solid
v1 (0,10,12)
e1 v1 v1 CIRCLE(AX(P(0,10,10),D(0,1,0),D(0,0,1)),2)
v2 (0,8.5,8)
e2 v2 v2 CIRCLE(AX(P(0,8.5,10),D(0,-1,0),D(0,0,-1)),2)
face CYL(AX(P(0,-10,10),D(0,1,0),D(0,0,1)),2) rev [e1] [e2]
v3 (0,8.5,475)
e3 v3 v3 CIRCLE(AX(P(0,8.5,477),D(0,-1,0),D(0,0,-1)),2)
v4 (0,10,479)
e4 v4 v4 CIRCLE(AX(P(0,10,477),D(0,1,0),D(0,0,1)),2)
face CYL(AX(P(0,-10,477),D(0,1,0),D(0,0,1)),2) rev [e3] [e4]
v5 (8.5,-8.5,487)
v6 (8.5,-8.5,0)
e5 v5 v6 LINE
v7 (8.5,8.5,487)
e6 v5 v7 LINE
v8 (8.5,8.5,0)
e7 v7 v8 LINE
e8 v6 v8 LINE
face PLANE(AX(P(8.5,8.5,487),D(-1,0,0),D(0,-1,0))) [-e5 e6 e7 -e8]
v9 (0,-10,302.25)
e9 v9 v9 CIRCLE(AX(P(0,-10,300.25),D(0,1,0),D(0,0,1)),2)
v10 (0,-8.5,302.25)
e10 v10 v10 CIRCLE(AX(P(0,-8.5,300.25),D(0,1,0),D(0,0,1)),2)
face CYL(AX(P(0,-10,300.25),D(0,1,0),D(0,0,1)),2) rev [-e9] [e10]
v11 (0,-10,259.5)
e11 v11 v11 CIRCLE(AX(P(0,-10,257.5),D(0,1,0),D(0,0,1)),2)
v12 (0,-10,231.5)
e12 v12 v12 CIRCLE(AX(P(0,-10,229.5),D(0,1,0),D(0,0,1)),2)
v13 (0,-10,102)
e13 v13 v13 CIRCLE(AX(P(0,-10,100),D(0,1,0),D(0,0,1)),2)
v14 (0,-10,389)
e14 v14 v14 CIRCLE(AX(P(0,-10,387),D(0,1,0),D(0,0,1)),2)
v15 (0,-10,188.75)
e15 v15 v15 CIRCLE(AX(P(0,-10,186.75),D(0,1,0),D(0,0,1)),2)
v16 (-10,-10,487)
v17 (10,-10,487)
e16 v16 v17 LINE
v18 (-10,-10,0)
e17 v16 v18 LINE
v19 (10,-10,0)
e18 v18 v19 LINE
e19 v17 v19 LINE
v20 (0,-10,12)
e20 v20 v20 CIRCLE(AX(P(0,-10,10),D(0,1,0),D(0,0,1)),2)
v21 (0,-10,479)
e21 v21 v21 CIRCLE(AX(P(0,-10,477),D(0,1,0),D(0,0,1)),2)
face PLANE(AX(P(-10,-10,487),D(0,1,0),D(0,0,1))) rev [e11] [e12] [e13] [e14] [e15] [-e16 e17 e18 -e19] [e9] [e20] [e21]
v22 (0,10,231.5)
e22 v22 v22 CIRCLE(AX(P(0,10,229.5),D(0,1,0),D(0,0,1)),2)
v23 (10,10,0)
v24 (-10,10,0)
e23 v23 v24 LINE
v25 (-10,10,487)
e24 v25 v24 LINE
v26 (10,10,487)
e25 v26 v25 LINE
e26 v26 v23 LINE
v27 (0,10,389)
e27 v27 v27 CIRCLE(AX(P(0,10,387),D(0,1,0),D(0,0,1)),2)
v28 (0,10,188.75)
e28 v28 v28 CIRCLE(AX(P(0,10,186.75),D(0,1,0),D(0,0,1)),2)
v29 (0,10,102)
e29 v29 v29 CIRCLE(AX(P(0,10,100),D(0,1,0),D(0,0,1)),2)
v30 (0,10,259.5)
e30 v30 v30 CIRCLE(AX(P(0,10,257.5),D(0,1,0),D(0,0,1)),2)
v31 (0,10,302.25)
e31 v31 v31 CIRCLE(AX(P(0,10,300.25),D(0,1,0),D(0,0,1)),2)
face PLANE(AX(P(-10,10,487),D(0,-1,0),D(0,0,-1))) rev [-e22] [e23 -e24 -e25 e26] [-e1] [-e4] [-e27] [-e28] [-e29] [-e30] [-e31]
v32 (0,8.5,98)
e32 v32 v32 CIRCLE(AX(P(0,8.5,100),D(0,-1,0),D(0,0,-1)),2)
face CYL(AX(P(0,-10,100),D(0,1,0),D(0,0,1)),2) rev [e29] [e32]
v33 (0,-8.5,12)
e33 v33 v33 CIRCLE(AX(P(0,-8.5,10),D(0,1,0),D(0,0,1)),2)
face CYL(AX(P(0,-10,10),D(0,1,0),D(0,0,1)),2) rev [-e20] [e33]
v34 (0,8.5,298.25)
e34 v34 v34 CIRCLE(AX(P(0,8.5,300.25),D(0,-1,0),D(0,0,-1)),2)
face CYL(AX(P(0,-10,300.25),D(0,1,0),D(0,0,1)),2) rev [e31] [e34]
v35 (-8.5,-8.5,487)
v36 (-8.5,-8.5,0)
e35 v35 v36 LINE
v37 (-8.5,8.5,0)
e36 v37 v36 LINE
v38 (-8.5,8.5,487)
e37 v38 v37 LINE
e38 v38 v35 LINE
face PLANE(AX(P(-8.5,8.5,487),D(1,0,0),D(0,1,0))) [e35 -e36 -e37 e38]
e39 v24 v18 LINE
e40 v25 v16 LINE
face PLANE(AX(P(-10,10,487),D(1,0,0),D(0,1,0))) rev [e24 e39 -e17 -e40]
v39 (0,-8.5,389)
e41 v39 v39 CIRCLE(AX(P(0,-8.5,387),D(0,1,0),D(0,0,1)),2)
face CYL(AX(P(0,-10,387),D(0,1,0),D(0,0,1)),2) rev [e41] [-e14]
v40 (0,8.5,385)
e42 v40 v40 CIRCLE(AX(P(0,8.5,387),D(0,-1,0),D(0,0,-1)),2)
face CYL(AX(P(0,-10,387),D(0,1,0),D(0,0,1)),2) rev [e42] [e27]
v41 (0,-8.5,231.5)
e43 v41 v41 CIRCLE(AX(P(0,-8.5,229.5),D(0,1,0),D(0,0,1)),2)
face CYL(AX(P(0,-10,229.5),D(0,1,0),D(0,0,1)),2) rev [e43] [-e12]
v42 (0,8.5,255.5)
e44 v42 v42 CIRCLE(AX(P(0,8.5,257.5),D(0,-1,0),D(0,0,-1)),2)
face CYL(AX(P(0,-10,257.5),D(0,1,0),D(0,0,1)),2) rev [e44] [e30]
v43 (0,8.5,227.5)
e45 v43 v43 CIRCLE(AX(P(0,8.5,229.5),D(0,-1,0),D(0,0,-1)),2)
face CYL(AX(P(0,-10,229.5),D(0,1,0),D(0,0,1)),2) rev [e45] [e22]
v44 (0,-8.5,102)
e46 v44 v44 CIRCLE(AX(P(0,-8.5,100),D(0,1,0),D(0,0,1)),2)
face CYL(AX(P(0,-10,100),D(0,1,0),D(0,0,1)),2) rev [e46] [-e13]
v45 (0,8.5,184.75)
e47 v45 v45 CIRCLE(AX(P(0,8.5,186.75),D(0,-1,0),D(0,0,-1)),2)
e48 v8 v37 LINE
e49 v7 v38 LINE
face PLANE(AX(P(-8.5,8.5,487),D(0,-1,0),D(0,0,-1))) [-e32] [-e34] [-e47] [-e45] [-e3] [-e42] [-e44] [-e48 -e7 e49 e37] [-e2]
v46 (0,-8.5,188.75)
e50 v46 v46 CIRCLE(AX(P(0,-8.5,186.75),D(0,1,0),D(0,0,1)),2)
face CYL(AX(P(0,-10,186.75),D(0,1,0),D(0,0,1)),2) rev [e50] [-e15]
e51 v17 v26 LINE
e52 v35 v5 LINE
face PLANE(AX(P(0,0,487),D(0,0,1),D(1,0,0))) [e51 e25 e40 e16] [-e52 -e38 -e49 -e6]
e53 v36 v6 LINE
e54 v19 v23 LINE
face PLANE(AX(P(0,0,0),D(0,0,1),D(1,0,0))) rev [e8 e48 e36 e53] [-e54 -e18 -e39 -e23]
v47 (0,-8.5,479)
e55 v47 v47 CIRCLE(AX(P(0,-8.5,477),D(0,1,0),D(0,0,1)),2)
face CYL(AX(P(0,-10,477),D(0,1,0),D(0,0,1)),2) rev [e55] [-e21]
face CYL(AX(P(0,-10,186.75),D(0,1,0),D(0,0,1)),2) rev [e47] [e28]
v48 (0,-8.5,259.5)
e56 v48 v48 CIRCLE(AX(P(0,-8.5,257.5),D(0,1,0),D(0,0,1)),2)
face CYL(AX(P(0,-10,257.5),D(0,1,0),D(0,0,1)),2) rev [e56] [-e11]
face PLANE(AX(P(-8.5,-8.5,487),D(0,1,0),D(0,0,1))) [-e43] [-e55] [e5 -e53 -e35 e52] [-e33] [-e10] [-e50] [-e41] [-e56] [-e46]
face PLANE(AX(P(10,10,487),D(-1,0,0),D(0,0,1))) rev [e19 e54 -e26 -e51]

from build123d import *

# Parameters (mm, degrees)
SKETCH_1_W          = 20
SKETCH_1_H          = 20
SKETCH_1_W_2        = 17
SKETCH_1_H_2        = 17
EXTRUDE_1_DEPTH     = 487
SKETCH_3_R          = 2
CUT_EXTRUDE_2_DEPTH = 20
SKETCH_4_R          = 2
CUT_EXTRUDE_3_DEPTH = 20


with BuildPart() as part:
    # 草图1 → 凸台-拉伸1 (new body)
    with BuildSketch(Plane.XY):
        Rectangle(SKETCH_1_W, SKETCH_1_H)
        Rectangle(SKETCH_1_W_2, SKETCH_1_H_2, mode=Mode.SUBTRACT)
    extrude(amount=EXTRUDE_1_DEPTH)

    # 草图3 → 切除-拉伸2 (cut)
    with BuildSketch(Plane(origin=(0, 10, 0), x_dir=(1, 0, 0), z_dir=(0, 1, 0))):
        with Locations(Location((0, -10, 0), (0, 0, 270))):
            Circle(SKETCH_3_R)
        with Locations(Location((0, -477, 0), (0, 0, 270))):
            Circle(SKETCH_3_R)
        with Locations(Location((0, -100, 0), (0, 0, 270))):
            Circle(SKETCH_3_R)
        with Locations(Location((0, -387, 0), (0, 0, 270))):
            Circle(SKETCH_3_R)
        with Locations(Location((0, -186.75, 0), (0, 0, 270))):
            Circle(SKETCH_3_R)
        with Locations(Location((0, -300.25, 0), (0, 0, 270))):
            Circle(SKETCH_3_R)
    extrude(amount=-CUT_EXTRUDE_2_DEPTH, mode=Mode.SUBTRACT)

    # 草图4 → 切除-拉伸3 (cut)
    with BuildSketch(Plane(origin=(0, 10, 0), x_dir=(1, 0, 0), z_dir=(0, 1, 0))):
        with Locations(Location((0, -229.5, 0), (0, 0, 270))):
            Circle(SKETCH_4_R)
        with Locations(Location((0, -257.5, 0), (0, 0, 270))):
            Circle(SKETCH_4_R)
    extrude(amount=-CUT_EXTRUDE_3_DEPTH, mode=Mode.SUBTRACT)


solid = part.part
